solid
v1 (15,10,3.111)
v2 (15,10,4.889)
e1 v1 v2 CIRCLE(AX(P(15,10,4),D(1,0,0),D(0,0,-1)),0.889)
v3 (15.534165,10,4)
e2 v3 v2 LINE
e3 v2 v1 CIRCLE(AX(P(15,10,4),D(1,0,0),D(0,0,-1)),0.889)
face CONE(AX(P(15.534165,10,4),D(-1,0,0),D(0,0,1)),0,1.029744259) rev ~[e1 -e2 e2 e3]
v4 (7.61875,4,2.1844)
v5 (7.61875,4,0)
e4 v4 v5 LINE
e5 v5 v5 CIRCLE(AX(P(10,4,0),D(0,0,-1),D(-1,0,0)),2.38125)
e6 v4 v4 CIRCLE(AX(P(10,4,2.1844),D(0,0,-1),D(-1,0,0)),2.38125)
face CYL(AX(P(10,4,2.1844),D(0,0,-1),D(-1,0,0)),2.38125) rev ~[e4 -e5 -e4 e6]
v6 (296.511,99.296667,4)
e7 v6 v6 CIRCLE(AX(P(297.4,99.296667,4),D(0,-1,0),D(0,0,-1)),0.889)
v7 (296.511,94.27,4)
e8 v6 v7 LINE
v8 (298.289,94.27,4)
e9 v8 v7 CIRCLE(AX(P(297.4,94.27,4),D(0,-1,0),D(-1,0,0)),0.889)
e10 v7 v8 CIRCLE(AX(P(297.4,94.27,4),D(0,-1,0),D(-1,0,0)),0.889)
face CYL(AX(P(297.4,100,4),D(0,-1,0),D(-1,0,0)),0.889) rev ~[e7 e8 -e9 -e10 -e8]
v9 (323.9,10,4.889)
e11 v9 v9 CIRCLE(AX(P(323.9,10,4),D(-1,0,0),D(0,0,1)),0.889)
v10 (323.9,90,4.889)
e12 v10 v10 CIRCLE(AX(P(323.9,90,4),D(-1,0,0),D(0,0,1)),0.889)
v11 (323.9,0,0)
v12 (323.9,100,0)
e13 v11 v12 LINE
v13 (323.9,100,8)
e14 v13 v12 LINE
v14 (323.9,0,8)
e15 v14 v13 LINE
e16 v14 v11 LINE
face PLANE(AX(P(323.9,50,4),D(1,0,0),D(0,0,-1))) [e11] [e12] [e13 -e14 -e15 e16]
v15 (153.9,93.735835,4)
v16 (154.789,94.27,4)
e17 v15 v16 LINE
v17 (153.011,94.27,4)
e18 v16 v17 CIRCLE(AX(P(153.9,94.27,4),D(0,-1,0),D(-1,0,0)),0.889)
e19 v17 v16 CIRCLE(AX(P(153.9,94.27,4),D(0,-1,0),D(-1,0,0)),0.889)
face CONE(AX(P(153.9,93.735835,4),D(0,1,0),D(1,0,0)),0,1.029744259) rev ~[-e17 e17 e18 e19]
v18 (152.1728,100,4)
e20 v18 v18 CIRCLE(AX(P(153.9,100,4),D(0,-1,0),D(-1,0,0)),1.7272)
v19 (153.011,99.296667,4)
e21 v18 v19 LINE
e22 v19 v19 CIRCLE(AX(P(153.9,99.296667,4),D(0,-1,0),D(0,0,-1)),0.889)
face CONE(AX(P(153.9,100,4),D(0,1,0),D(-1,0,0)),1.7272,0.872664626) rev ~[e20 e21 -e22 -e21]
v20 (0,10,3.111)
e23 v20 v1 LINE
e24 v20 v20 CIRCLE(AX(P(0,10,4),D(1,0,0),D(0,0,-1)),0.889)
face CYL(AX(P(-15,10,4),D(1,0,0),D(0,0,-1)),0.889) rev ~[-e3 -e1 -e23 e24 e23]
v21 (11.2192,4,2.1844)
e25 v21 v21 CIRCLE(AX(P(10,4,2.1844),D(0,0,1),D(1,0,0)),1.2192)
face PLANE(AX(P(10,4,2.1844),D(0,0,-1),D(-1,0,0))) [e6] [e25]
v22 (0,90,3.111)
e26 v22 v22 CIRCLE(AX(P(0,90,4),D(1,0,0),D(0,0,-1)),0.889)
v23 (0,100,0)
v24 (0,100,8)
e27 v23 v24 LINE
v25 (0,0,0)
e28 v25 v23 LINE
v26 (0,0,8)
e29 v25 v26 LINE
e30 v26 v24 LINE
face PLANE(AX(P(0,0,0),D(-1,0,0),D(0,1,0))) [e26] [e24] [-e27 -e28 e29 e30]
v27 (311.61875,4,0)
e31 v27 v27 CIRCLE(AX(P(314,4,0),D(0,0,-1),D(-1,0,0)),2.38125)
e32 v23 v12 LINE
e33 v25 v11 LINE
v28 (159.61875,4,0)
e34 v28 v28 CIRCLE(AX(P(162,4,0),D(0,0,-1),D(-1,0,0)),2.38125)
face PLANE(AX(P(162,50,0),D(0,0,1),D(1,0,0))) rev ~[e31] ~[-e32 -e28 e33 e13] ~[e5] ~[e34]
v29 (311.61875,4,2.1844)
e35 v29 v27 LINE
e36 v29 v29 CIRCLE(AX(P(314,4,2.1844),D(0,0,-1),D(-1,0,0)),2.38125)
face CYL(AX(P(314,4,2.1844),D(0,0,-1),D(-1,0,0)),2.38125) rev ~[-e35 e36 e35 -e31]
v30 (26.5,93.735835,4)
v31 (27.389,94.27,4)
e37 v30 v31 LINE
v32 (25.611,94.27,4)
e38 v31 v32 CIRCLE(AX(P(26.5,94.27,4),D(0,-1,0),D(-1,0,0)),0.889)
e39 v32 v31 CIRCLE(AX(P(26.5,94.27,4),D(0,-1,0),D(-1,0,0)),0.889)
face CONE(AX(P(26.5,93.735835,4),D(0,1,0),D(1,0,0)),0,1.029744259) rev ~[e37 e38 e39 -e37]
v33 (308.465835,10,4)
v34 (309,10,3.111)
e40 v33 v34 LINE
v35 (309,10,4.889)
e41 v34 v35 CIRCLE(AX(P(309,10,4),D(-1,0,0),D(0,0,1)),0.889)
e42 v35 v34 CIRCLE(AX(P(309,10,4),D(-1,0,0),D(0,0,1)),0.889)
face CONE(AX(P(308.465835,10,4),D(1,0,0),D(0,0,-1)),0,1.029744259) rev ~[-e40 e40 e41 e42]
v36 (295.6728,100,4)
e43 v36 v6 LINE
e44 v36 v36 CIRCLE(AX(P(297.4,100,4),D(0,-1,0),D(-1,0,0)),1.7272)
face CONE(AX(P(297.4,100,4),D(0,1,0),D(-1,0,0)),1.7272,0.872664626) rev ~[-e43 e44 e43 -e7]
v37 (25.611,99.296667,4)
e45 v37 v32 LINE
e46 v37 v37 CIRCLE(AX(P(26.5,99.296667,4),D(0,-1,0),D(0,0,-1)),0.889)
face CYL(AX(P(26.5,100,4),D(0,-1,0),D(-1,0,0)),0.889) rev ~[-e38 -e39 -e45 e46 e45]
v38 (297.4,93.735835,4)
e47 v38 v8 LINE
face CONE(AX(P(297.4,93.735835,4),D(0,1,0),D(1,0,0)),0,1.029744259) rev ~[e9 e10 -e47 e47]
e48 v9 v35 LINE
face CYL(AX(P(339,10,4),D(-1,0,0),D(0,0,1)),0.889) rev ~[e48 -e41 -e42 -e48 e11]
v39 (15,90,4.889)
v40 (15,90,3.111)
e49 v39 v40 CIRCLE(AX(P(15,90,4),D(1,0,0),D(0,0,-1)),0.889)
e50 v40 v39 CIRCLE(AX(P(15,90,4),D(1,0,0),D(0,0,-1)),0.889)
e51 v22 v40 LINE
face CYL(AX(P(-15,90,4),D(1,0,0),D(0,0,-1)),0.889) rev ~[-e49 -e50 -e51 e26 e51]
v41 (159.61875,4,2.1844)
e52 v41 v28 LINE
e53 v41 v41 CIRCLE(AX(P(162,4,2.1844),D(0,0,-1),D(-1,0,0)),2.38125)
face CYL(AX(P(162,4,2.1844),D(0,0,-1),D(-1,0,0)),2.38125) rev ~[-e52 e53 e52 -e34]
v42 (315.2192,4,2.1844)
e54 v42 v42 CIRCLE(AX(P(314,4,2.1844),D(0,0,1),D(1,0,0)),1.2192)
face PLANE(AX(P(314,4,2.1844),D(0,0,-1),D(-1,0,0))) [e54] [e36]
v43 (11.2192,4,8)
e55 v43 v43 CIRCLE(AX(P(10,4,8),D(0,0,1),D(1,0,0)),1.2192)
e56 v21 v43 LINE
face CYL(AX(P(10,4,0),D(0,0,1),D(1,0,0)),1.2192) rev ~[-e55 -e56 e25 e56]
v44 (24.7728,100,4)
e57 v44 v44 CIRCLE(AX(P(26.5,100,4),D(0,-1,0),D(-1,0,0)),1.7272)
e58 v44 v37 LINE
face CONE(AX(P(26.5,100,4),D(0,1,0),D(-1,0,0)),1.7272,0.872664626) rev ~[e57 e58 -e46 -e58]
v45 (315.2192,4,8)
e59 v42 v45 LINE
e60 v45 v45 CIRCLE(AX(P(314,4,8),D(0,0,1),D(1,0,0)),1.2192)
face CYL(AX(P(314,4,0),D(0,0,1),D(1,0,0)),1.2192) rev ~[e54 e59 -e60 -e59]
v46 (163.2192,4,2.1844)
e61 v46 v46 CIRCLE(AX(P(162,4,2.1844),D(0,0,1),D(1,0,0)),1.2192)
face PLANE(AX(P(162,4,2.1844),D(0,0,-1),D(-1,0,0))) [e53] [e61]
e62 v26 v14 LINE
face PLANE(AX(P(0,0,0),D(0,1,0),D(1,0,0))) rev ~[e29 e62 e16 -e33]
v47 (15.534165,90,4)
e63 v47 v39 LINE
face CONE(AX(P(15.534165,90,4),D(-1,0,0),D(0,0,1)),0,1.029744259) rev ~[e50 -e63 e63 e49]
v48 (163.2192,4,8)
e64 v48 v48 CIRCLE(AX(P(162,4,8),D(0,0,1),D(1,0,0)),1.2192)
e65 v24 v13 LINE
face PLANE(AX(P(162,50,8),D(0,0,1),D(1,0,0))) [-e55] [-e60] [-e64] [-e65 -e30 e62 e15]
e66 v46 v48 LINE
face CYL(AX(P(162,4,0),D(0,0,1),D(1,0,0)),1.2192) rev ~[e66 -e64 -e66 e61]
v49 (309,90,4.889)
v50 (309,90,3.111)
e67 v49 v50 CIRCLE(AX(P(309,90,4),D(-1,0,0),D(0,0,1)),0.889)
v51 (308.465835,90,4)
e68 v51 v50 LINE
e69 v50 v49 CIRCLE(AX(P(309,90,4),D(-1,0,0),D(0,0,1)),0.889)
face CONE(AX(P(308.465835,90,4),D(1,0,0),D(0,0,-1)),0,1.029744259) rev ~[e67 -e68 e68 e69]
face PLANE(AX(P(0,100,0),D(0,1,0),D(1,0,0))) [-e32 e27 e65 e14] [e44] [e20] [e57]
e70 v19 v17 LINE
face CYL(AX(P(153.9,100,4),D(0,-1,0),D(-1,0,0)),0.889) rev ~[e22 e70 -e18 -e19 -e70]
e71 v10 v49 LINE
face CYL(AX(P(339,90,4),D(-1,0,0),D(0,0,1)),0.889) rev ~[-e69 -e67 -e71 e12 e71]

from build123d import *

# Parameters (mm, degrees)
SKETCH1_W                                      = 324
SKETCH1_H                                      = 100
BOSS_EXTRUDE1_DEPTH                            = 8
CBORE_FOR_2_SOCKET_HEAD_CAP_SCREW1_D           = 2.4384
CBORE_FOR_2_SOCKET_HEAD_CAP_SCREW1_CBORE_D     = 4.7625
CBORE_FOR_2_SOCKET_HEAD_CAP_SCREW1_CBORE_DEPTH = 2.1844
F_2_56_TAPPED_HOLE1_D                          = 1.778
F_2_56_TAPPED_HOLE1_DEPTH                      = 15
F_2_56_TAPPED_HOLE1_TIP                        = 0.53416509
F_2_56_TAPPED_HOLE2_D                          = 1.778
F_2_56_TAPPED_HOLE2_DEPTH                      = 15
F_2_56_TAPPED_HOLE2_TIP                        = 0.53416509
SKETCH10_W                                     = 8
SKETCH10_H                                     = 100
CUT_EXTRUDE1_DEPTH                             = 0.1
F_2_56_TAPPED_HOLE3_D                          = 1.778
F_2_56_TAPPED_HOLE3_DEPTH                      = 5.73
F_2_56_TAPPED_HOLE3_CSINK_D                    = 3.4544
F_2_56_TAPPED_HOLE3_CSINK_ANGLE                = 100
F_2_56_TAPPED_HOLE3_TIP                        = 0.53416509


with BuildPart() as part:
    # Sketch1 → Boss-Extrude1 (new body)
    with BuildSketch(Plane.XY):
        with Locations((162, 50)):
            Rectangle(SKETCH1_W, SKETCH1_H)
    extrude(amount=BOSS_EXTRUDE1_DEPTH)

    # CBORE for #2 Socket Head Cap Screw1 (through all)
    with Locations(Plane(origin=(0, 0, 0), x_dir=(-1, 0, 0), z_dir=(0, 0, -1))):
        with Locations((-314, 4), (-10, 4), (-162, 4)):
            CounterBoreHole(CBORE_FOR_2_SOCKET_HEAD_CAP_SCREW1_D / 2, CBORE_FOR_2_SOCKET_HEAD_CAP_SCREW1_CBORE_D / 2, CBORE_FOR_2_SOCKET_HEAD_CAP_SCREW1_CBORE_DEPTH)

    # #2-56 Tapped Hole1
    with Locations(Plane(origin=(324, 0, 0), x_dir=(0, 0, -1), z_dir=(1, 0, 0))):
        with Locations((-4, 90), (-4, 10)):
            Hole(F_2_56_TAPPED_HOLE1_D / 2, depth=F_2_56_TAPPED_HOLE1_DEPTH)
            with Locations((0, 0, -(F_2_56_TAPPED_HOLE1_DEPTH + F_2_56_TAPPED_HOLE1_TIP / 2))):  # 118° drill point
                Cone(0, F_2_56_TAPPED_HOLE1_D / 2, F_2_56_TAPPED_HOLE1_TIP, mode=Mode.SUBTRACT)

    # #2-56 Tapped Hole2
    with Locations(Plane.ZY):
        with Locations((4, 90), (4, 10)):
            Hole(F_2_56_TAPPED_HOLE2_D / 2, depth=F_2_56_TAPPED_HOLE2_DEPTH)
            with Locations((0, 0, -(F_2_56_TAPPED_HOLE2_DEPTH + F_2_56_TAPPED_HOLE2_TIP / 2))):  # 118° drill point
                Cone(0, F_2_56_TAPPED_HOLE2_D / 2, F_2_56_TAPPED_HOLE2_TIP, mode=Mode.SUBTRACT)

    # Sketch10 → Cut-Extrude1 (cut)
    with BuildSketch(Plane(origin=(324, 0, 0), x_dir=(0, 0, -1), z_dir=(1, 0, 0))):
        with Locations((-4, 50)):
            Rectangle(SKETCH10_W, SKETCH10_H)
    extrude(amount=-CUT_EXTRUDE1_DEPTH, mode=Mode.SUBTRACT)

    # #2-56 Tapped Hole3
    with Locations(Plane(origin=(0, 100, 0), x_dir=(1, 0, 0), z_dir=(0, 1, 0))):
        with Locations((297.4, -4), (153.9, -4), (26.5, -4)):
            CounterSinkHole(F_2_56_TAPPED_HOLE3_D / 2, F_2_56_TAPPED_HOLE3_CSINK_D / 2, depth=F_2_56_TAPPED_HOLE3_DEPTH, counter_sink_angle=F_2_56_TAPPED_HOLE3_CSINK_ANGLE)
            with Locations((0, 0, -(F_2_56_TAPPED_HOLE3_DEPTH + F_2_56_TAPPED_HOLE3_TIP / 2))):  # 118° drill point
                Cone(0, F_2_56_TAPPED_HOLE3_D / 2, F_2_56_TAPPED_HOLE3_TIP, mode=Mode.SUBTRACT)


solid = part.part
